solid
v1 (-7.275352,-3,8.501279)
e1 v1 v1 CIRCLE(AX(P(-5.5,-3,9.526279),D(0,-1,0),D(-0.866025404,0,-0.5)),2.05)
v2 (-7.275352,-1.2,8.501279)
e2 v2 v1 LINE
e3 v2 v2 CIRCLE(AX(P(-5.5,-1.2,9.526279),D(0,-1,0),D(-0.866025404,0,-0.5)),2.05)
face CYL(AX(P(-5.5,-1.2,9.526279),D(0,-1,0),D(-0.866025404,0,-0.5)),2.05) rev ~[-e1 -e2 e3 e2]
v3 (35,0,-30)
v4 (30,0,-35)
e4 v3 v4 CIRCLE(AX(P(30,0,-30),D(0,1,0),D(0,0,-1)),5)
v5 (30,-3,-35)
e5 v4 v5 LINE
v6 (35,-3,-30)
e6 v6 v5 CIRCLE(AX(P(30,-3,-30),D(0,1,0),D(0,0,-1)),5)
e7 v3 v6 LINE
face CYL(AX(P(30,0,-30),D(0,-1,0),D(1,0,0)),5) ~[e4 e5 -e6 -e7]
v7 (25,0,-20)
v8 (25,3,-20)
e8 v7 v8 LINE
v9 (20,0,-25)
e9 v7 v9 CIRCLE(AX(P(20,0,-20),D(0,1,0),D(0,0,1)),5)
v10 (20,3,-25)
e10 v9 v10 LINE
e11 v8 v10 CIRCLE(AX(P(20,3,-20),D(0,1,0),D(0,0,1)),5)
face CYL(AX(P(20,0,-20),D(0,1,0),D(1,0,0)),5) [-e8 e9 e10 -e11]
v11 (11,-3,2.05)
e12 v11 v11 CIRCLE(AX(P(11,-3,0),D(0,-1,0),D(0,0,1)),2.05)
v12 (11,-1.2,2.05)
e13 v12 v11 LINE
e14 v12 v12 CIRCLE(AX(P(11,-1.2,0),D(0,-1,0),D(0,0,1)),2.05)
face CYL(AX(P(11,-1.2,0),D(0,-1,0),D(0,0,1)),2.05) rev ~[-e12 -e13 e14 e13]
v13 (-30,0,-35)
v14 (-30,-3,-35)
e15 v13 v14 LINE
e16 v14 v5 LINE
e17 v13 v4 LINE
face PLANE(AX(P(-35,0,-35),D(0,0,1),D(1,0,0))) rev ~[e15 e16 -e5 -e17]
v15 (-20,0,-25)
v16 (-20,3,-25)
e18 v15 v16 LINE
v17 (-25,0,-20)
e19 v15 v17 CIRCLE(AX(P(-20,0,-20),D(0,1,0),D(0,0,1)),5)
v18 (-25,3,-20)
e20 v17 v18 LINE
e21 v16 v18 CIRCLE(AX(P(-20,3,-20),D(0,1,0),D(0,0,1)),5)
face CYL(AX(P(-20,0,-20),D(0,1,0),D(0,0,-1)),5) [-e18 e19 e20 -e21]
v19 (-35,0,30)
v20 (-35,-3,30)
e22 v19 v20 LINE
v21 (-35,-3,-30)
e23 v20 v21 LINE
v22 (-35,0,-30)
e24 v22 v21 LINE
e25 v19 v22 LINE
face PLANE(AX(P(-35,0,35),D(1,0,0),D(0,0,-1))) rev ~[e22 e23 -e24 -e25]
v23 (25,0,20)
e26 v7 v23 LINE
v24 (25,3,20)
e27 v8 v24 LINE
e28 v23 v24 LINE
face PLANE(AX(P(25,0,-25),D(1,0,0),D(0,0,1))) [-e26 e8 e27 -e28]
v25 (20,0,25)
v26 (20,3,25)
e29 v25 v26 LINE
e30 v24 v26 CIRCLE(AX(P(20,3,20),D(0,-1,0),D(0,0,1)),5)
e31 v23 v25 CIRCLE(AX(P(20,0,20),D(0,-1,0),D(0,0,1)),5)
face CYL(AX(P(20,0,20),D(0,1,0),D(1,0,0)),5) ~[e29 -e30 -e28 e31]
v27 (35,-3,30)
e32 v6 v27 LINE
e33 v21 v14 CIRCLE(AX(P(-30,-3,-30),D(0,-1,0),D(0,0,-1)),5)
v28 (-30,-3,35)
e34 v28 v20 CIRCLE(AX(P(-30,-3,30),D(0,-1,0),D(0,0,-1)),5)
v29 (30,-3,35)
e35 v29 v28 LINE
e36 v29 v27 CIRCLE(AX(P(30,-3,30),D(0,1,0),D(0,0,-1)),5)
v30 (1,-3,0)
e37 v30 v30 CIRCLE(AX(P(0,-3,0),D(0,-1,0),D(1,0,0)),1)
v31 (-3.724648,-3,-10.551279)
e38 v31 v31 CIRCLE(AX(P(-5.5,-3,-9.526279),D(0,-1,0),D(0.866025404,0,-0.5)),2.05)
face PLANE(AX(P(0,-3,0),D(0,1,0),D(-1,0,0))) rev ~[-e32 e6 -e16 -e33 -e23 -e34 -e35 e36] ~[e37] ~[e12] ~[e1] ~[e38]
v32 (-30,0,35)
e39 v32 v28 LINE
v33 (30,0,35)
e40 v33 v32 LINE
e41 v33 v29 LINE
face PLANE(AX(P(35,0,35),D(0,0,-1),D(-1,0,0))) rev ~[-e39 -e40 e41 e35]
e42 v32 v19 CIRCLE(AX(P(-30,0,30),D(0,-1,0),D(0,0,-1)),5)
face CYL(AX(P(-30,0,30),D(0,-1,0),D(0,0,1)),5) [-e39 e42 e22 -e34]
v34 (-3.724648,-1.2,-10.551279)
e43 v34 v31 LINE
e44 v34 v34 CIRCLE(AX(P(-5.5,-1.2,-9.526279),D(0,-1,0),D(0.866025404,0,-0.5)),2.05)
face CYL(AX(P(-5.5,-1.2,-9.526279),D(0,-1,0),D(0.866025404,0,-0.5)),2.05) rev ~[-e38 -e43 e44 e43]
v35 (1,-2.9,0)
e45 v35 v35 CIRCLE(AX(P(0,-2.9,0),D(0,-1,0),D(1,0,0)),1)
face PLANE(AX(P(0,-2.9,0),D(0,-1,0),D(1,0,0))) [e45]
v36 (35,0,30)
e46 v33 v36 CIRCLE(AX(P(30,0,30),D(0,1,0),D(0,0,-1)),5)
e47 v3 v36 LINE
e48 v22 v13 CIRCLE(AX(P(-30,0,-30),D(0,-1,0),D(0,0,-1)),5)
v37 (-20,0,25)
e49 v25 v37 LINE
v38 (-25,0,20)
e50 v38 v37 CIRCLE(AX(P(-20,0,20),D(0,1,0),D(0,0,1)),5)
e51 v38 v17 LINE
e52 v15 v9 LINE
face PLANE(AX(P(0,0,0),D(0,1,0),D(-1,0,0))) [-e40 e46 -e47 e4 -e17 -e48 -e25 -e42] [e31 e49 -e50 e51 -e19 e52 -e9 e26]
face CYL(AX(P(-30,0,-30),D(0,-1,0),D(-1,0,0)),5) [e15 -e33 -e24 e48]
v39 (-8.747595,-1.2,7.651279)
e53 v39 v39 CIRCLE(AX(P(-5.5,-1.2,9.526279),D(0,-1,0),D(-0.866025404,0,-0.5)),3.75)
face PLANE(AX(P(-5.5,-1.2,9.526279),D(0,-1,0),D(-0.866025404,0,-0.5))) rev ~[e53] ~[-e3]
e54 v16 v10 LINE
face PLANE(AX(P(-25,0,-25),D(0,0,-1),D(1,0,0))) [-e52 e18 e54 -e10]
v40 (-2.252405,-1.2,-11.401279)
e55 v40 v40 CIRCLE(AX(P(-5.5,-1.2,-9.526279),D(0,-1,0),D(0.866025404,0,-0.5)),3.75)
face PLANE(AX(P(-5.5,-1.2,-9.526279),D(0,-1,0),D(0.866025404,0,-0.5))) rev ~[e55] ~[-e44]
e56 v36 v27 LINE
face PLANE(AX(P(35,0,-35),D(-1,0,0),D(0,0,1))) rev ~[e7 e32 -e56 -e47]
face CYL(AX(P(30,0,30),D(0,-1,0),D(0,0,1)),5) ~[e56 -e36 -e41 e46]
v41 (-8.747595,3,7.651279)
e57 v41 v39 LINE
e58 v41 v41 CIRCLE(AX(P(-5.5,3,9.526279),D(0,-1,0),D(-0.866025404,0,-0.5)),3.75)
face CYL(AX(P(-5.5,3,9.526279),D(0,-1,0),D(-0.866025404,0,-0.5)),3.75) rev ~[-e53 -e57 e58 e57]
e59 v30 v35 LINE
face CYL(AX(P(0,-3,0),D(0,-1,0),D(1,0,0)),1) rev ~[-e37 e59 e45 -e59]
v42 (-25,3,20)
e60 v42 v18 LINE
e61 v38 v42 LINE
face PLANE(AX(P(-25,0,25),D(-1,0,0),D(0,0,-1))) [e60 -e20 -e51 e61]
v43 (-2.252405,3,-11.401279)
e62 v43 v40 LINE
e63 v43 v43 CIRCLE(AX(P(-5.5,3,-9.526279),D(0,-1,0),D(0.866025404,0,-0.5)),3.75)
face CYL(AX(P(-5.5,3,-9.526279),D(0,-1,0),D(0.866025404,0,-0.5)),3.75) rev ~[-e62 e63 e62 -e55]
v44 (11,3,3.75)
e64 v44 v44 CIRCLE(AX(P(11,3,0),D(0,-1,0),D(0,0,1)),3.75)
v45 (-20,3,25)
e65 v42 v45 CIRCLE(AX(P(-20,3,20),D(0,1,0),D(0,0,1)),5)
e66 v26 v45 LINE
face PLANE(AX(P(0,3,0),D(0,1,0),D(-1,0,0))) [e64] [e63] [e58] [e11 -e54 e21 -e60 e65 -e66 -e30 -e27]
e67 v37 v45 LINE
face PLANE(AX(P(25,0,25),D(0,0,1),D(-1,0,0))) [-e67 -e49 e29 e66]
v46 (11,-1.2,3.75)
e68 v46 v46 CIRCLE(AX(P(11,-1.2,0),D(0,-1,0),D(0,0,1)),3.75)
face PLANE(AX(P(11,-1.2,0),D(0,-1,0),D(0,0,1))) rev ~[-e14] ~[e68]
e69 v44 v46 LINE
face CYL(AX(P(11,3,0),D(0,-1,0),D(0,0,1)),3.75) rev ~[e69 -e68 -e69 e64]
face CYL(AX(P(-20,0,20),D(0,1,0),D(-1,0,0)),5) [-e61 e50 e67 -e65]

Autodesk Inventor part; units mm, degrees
ref_plane "YZ Plane" through (0, 0, 0) normal (1, 0, 0) x (0, 1, 0)
ref_plane "XZ Plane" through (0, 0, 0) normal (0, 1, 0) x (-1, 0, 0)
ref_plane "XY Plane" through (0, 0, 0) normal (0, 0, 1) x (1, 0, 0)
sketch "Sketch1" plane through (0, 0, 0) normal (0, 1, 0) x (-1, 0, 0)
  line L0 (-35, 35) -> (35, 35)
  line L1 (35, 35) -> (35, -35)
  line L2 (35, -35) -> (-35, -35)
  line L3 (-35, -35) -> (-35, 35)
  line L4 (-35, 35) -> (35, -35) construction
  line L5 (35, 35) -> (-35, -35) construction
  line L6 (-25, 25) -> (25, 25)
  line L7 (25, 25) -> (25, -25)
  line L8 (25, -25) -> (-25, -25)
  line L9 (-25, -25) -> (-25, 25)
  line L10 (-25, 25) -> (25, -25) construction
  line L11 (25, 25) -> (-25, -25) construction
  circle A0 centre (0, 0) radius 15 construction
  circle A1 centre (0, 0) radius 11 construction
  point P0 (15, 0)
  dimension "d4" = 30
  dimension "d0" = 70
  dimension "d1" = 70
  dimension "d2" = 50
  dimension "d3" = 50
  dimension "d5" = 22
extrude "Extrusion1" add sketch "Sketch1" along normal blind 3 contours L6 L7 L8 L9
extrude "Extrusion2" add sketch "Sketch1" against normal blind 3 contours L0 L1 L2 L3 | L6 L7 L8 L9
sketch "Sketch2" plane through (0, 3, 0) normal (0, 1, 0) x (1, 0, 0)
  circle A0 centre (0, 0) radius 11 construction
  circle A1 centre (0, 0) radius 15 construction
  point P0 (11, 0)
hole "Hole1" at (11, 3, 0) direction (0, -1, 0) diameter 4.1 end through all counterbore diameter 7.5 counterbore depth 4.2
pattern_circular "Circular Pattern1" count 3 over 360 about axis through (0, 3, 0) along (0, -1, 0) of "Hole1"
fillet "Fillet1" radius 5 8 edges at (35, -1.5, 35) (-35, -1.5, 35) (-35, -1.5, -35) (35, -1.5, -35) (25, 1.5, -25) (25, 1.5, 25) (-25, 1.5, 25) (-25, 1.5, -25)
sketch "Sketch3" plane through (0, -3, 0) normal (0, -1, 0) x (1, 0, 0)
  circle A0 centre (0, 0) radius 1
  dimension "d21" = 2
extrude "Extrusion3" cut sketch "Sketch3" against normal blind 0.1
properties part number "support_plateau_v3"
